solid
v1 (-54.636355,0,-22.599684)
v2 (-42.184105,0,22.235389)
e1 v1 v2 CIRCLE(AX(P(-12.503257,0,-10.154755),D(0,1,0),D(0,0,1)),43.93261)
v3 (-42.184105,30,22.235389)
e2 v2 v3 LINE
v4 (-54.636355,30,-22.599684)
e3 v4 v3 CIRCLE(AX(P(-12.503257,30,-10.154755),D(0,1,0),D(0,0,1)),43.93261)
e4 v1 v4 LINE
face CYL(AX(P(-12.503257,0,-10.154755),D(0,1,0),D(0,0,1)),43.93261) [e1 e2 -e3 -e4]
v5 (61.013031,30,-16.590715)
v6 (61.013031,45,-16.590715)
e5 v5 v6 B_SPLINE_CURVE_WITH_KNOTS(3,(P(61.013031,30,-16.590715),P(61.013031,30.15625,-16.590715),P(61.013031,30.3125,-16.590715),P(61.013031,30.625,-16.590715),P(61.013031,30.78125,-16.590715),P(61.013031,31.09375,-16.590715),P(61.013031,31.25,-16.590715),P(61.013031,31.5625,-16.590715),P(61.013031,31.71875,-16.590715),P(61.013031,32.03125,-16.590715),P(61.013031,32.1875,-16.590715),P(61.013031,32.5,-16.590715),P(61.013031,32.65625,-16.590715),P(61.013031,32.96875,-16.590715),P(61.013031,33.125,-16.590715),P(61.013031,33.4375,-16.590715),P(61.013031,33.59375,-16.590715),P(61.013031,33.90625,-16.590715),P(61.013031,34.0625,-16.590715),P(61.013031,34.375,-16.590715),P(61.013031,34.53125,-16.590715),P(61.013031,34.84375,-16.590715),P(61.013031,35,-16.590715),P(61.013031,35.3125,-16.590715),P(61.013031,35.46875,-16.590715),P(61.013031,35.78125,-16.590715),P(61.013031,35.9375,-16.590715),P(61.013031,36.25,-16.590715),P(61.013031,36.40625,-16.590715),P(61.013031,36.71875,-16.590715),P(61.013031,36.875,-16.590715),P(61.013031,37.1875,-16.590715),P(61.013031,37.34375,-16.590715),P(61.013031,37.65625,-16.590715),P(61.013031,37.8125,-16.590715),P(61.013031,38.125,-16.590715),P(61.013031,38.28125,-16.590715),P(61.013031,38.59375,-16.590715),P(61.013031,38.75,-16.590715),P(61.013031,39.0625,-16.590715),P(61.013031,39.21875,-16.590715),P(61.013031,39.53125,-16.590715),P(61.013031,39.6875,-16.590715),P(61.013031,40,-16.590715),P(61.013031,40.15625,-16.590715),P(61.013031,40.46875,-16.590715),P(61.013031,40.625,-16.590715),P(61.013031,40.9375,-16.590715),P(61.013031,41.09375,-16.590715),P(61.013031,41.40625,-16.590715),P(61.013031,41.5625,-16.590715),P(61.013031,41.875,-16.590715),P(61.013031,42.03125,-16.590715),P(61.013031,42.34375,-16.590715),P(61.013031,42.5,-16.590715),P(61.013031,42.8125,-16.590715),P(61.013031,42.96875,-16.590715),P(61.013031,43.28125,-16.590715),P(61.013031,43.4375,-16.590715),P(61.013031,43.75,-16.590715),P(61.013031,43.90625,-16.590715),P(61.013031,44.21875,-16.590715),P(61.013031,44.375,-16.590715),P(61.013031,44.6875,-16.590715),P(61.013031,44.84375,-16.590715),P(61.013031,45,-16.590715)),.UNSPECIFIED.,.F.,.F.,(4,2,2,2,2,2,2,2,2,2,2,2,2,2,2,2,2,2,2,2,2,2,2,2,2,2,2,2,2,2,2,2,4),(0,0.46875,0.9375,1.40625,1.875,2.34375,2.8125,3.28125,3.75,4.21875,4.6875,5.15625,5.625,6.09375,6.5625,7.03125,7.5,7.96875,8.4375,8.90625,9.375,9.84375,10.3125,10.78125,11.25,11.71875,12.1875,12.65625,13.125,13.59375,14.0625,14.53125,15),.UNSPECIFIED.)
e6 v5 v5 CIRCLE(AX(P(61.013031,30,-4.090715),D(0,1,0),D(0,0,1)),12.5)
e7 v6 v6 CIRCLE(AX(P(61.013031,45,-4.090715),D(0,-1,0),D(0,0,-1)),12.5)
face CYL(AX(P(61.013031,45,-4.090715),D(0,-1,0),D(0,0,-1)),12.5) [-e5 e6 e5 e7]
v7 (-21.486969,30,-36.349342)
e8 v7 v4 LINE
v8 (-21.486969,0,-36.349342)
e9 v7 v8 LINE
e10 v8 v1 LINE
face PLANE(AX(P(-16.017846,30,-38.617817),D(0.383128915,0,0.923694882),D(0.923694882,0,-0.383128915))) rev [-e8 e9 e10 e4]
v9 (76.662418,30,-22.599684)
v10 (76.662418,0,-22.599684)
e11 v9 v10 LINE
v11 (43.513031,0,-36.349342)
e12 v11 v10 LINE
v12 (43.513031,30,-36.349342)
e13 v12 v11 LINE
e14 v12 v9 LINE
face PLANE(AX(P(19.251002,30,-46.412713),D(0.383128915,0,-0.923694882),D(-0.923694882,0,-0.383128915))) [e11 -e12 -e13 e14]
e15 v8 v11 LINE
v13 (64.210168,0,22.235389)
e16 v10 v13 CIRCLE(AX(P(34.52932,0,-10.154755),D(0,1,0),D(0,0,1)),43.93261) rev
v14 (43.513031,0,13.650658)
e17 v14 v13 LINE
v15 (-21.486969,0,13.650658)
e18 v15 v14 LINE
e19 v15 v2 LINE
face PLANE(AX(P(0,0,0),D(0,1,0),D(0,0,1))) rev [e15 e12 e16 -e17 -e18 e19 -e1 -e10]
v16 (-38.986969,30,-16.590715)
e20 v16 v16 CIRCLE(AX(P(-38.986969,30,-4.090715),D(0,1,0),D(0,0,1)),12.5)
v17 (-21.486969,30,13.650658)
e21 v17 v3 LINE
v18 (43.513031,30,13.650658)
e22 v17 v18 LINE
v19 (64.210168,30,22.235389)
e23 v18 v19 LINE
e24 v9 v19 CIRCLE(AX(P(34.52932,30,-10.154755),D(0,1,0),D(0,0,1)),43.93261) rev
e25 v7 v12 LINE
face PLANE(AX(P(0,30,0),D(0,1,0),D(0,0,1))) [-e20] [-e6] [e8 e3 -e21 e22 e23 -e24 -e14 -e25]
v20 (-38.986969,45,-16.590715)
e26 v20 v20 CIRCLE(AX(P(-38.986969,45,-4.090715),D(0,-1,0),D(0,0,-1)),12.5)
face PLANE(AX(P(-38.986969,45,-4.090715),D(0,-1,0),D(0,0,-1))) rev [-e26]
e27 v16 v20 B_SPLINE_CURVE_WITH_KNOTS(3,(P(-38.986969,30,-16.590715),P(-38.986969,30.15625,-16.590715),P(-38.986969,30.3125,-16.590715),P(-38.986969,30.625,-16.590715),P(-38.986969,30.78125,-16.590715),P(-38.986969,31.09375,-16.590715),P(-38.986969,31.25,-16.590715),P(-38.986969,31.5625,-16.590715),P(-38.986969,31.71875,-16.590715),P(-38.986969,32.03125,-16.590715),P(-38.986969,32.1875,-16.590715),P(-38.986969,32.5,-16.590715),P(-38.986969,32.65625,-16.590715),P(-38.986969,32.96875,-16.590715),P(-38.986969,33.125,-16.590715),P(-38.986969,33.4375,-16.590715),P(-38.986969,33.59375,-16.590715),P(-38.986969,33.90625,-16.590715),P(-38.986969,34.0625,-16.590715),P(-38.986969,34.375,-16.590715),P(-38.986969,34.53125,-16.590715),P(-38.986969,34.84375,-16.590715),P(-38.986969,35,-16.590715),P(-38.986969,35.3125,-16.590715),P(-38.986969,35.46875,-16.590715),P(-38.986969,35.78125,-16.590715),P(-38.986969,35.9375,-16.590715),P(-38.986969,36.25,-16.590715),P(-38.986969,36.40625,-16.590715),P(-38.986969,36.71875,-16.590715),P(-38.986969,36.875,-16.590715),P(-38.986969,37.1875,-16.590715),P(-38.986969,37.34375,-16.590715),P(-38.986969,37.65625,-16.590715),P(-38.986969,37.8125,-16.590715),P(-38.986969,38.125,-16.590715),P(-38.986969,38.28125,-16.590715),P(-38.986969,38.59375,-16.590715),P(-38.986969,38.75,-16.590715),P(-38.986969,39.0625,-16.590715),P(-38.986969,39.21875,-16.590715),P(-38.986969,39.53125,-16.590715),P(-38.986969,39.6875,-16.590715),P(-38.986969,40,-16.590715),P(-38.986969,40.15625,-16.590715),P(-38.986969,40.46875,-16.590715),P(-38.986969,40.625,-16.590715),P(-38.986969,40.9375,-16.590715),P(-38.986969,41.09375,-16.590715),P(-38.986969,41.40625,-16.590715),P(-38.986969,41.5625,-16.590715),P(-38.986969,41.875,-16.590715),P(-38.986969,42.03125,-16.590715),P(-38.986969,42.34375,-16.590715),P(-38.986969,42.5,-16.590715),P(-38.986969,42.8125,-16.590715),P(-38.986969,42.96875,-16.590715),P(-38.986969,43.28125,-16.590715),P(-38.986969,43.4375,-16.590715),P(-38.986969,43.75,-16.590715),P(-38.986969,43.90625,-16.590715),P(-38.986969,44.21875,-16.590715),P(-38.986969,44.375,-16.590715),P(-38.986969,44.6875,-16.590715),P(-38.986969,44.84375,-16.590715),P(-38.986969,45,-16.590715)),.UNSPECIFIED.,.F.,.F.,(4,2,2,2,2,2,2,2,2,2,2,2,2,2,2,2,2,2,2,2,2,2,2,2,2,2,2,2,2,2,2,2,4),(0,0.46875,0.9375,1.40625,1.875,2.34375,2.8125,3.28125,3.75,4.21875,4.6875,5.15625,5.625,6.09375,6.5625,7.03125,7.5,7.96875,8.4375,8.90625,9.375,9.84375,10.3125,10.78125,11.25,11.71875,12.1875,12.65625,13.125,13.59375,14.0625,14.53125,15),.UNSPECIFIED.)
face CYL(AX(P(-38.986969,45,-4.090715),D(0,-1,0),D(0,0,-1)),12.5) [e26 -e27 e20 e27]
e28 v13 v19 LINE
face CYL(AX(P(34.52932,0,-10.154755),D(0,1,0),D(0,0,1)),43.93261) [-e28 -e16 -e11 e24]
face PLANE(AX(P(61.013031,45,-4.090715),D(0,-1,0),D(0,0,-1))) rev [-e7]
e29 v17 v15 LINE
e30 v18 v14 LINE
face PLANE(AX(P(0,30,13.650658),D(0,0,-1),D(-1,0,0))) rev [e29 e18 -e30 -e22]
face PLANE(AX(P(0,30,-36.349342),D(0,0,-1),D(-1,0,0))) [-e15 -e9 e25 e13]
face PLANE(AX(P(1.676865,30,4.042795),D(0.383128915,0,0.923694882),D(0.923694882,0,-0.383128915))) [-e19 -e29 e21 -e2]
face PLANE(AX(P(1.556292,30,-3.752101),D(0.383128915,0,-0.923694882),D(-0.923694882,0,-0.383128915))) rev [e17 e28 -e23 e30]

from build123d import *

# Parameters (mm, degrees)
SKETCH2_W           = 32.5
SKETCH2_H           = 50
BOSS_EXTRUDE1_DEPTH = 30
FILLET1_R           = 3
SKETCH3_R           = 12.5
BOSS_EXTRUDE2_DEPTH = 45
CUT_EXTRUDE1_DEPTH  = 92.572762002


with BuildPart() as part:
    # Sketch2 → Boss-Extrude1 (new body)
    with BuildSketch(Plane(origin=(0, 0, 0), x_dir=(1, 0, 0), z_dir=(0, 1, 0))):
        with BuildLine():
            Line((-33.026431533, 15.07807147), (-21.486968519, 36.349341511))
            Line((-21.486968519, 36.349341511), (-56.486968519, 21.832088794))
            Line((-56.486968519, 21.832088794), (-47.76505884, 12.989879738))
            ThreePointArc((-47.76505884, 12.989879738), (-40.740475826, 16.467112533), (-33.026431533, 15.07807147))
        make_face()
        with BuildLine():
            Line((-47.76505884, 12.989879738), (-56.486968519, 21.832088794))
            Line((-56.486968519, 21.832088794), (-56.486968519, -28.167911206))
            Line((-56.486968519, -28.167911206), (-44.947505506, -6.896641164))
            ThreePointArc((-44.947505506, -6.896641164), (-51.3633659, 2.337207846), (-47.76505884, 12.989879738))
        make_face()
        with BuildLine():
            Line((-56.486968519, -28.167911206), (-21.486968519, -13.650658489))
            Line((-21.486968519, -13.650658489), (-30.208878198, -4.808449432))
            ThreePointArc((-30.208878198, -4.808449432), (-37.233461212, -8.285682228), (-44.947505506, -6.896641164))
            Line((-44.947505506, -6.896641164), (-56.486968519, -28.167911206))
        make_face()
        with BuildLine():
            Line((-21.486968519, -13.650658489), (-21.486968519, 36.349341511))
            Line((-21.486968519, 36.349341511), (-33.026431533, 15.07807147))
            ThreePointArc((-33.026431533, 15.07807147), (-28.245536763, 10.483808601), (-26.486968519, 4.090715153))
            ThreePointArc((-26.486968519, 4.090715153), (-27.454923405, -0.732347722), (-30.208878198, -4.808449432))
            Line((-30.208878198, -4.808449432), (-21.486968519, -13.650658489))
        make_face()
        with Locations((-5.236968519, 11.349341511)):
            Rectangle(SKETCH2_W, SKETCH2_H)
        with BuildLine():
            Line((55.052494494, 15.07807147), (43.513031481, 36.349341511))
            Line((43.513031481, 36.349341511), (43.513031481, -13.650658489))
            Line((43.513031481, -13.650658489), (52.23494116, -4.808449432))
            ThreePointArc((52.23494116, -4.808449432), (48.6366341, 5.84422246), (55.052494494, 15.07807147))
        make_face()
        with BuildLine():
            Line((78.513031481, 21.832088794), (43.513031481, 36.349341511))
            Line((43.513031481, 36.349341511), (55.052494494, 15.07807147))
            ThreePointArc((55.052494494, 15.07807147), (62.766538788, 16.467112533), (69.791121802, 12.989879738))
            Line((69.791121802, 12.989879738), (78.513031481, 21.832088794))
        make_face()
        with BuildLine():
            Line((78.513031481, -28.167911206), (78.513031481, 21.832088794))
            Line((78.513031481, 21.832088794), (69.791121802, 12.989879738))
            ThreePointArc((69.791121802, 12.989879738), (72.545076595, 8.913778028), (73.513031481, 4.090715153))
            ThreePointArc((73.513031481, 4.090715153), (71.754463237, -2.302378295), (66.973568467, -6.896641164))
            Line((66.973568467, -6.896641164), (78.513031481, -28.167911206))
        make_face()
        with BuildLine():
            Line((52.23494116, -4.808449432), (43.513031481, -13.650658489))
            Line((43.513031481, -13.650658489), (78.513031481, -28.167911206))
            Line((78.513031481, -28.167911206), (66.973568467, -6.896641164))
            ThreePointArc((66.973568467, -6.896641164), (59.259524174, -8.285682228), (52.23494116, -4.808449432))
        make_face()
        with Locations((27.263031481, 11.349341511)):
            Rectangle(SKETCH2_W, SKETCH2_H)
    extrude(amount=BOSS_EXTRUDE1_DEPTH)

    # Fillet1
    fillet1_edges = [part.edges().sort_by_distance(p)[0] for p in [
        (-56.486968519, 15, 28.167911206),
        (-56.486968519, 15, -21.832088794),
        (78.513031481, 15, -21.832088794),
        (78.513031481, 15, 28.167911206),
    ]]
    fillet(fillet1_edges, radius=FILLET1_R)

    # Sketch3 → Boss-Extrude2 (add)
    with BuildSketch(Plane(origin=(0, 0, 0), x_dir=(-1, 0, 0), z_dir=(0, -1, 0))):
        with Locations(Location((38.986968519, 4.090715153, 0), (0, 0, 90))):
            Circle(SKETCH3_R)
        with Locations(Location((-61.013031481, 4.090715153, 0), (0, 0, 90))):
            Circle(SKETCH3_R)
    extrude(amount=-BOSS_EXTRUDE2_DEPTH)

    # Sketch4 → Cut-Extrude1 (cut, through all)
    with BuildSketch(Plane(origin=(0, 30, 0), x_dir=(1, 0, 0), z_dir=(0, 1, 0))):
        with BuildLine():
            ThreePointArc((-56.486968519, -23.675749532), (-55.153077724, -26.17056017), (-52.337581774, -26.446834177))
            Line((-52.337581774, -26.446834177), (-42.18410533, -22.235388934))
            ThreePointArc((-42.18410533, -22.235388934), (-54.833584995, -1.601840339), (-54.636355265, 22.59968366))
            ThreePointArc((-54.636355265, 22.59968366), (-55.981779157, 21.494708219), (-56.486968519, 19.828599015))
            Line((-56.486968519, 19.828599015), (-56.486968519, -23.675749532))
        make_face()
        with BuildLine():
            Line((64.210168291, -22.235388934), (74.363644735, -26.446834177))
            ThreePointArc((74.363644735, -26.446834177), (77.179140685, -26.17056017), (78.513031481, -23.675749532))
            Line((78.513031481, -23.675749532), (78.513031481, 19.828599015))
            ThreePointArc((78.513031481, 19.828599015), (78.007842119, 21.494708219), (76.662418226, 22.59968366))
            ThreePointArc((76.662418226, 22.59968366), (76.859647957, -1.601840339), (64.210168291, -22.235388934))
        make_face()
    extrude(amount=-CUT_EXTRUDE1_DEPTH, mode=Mode.SUBTRACT)


solid = part.part
